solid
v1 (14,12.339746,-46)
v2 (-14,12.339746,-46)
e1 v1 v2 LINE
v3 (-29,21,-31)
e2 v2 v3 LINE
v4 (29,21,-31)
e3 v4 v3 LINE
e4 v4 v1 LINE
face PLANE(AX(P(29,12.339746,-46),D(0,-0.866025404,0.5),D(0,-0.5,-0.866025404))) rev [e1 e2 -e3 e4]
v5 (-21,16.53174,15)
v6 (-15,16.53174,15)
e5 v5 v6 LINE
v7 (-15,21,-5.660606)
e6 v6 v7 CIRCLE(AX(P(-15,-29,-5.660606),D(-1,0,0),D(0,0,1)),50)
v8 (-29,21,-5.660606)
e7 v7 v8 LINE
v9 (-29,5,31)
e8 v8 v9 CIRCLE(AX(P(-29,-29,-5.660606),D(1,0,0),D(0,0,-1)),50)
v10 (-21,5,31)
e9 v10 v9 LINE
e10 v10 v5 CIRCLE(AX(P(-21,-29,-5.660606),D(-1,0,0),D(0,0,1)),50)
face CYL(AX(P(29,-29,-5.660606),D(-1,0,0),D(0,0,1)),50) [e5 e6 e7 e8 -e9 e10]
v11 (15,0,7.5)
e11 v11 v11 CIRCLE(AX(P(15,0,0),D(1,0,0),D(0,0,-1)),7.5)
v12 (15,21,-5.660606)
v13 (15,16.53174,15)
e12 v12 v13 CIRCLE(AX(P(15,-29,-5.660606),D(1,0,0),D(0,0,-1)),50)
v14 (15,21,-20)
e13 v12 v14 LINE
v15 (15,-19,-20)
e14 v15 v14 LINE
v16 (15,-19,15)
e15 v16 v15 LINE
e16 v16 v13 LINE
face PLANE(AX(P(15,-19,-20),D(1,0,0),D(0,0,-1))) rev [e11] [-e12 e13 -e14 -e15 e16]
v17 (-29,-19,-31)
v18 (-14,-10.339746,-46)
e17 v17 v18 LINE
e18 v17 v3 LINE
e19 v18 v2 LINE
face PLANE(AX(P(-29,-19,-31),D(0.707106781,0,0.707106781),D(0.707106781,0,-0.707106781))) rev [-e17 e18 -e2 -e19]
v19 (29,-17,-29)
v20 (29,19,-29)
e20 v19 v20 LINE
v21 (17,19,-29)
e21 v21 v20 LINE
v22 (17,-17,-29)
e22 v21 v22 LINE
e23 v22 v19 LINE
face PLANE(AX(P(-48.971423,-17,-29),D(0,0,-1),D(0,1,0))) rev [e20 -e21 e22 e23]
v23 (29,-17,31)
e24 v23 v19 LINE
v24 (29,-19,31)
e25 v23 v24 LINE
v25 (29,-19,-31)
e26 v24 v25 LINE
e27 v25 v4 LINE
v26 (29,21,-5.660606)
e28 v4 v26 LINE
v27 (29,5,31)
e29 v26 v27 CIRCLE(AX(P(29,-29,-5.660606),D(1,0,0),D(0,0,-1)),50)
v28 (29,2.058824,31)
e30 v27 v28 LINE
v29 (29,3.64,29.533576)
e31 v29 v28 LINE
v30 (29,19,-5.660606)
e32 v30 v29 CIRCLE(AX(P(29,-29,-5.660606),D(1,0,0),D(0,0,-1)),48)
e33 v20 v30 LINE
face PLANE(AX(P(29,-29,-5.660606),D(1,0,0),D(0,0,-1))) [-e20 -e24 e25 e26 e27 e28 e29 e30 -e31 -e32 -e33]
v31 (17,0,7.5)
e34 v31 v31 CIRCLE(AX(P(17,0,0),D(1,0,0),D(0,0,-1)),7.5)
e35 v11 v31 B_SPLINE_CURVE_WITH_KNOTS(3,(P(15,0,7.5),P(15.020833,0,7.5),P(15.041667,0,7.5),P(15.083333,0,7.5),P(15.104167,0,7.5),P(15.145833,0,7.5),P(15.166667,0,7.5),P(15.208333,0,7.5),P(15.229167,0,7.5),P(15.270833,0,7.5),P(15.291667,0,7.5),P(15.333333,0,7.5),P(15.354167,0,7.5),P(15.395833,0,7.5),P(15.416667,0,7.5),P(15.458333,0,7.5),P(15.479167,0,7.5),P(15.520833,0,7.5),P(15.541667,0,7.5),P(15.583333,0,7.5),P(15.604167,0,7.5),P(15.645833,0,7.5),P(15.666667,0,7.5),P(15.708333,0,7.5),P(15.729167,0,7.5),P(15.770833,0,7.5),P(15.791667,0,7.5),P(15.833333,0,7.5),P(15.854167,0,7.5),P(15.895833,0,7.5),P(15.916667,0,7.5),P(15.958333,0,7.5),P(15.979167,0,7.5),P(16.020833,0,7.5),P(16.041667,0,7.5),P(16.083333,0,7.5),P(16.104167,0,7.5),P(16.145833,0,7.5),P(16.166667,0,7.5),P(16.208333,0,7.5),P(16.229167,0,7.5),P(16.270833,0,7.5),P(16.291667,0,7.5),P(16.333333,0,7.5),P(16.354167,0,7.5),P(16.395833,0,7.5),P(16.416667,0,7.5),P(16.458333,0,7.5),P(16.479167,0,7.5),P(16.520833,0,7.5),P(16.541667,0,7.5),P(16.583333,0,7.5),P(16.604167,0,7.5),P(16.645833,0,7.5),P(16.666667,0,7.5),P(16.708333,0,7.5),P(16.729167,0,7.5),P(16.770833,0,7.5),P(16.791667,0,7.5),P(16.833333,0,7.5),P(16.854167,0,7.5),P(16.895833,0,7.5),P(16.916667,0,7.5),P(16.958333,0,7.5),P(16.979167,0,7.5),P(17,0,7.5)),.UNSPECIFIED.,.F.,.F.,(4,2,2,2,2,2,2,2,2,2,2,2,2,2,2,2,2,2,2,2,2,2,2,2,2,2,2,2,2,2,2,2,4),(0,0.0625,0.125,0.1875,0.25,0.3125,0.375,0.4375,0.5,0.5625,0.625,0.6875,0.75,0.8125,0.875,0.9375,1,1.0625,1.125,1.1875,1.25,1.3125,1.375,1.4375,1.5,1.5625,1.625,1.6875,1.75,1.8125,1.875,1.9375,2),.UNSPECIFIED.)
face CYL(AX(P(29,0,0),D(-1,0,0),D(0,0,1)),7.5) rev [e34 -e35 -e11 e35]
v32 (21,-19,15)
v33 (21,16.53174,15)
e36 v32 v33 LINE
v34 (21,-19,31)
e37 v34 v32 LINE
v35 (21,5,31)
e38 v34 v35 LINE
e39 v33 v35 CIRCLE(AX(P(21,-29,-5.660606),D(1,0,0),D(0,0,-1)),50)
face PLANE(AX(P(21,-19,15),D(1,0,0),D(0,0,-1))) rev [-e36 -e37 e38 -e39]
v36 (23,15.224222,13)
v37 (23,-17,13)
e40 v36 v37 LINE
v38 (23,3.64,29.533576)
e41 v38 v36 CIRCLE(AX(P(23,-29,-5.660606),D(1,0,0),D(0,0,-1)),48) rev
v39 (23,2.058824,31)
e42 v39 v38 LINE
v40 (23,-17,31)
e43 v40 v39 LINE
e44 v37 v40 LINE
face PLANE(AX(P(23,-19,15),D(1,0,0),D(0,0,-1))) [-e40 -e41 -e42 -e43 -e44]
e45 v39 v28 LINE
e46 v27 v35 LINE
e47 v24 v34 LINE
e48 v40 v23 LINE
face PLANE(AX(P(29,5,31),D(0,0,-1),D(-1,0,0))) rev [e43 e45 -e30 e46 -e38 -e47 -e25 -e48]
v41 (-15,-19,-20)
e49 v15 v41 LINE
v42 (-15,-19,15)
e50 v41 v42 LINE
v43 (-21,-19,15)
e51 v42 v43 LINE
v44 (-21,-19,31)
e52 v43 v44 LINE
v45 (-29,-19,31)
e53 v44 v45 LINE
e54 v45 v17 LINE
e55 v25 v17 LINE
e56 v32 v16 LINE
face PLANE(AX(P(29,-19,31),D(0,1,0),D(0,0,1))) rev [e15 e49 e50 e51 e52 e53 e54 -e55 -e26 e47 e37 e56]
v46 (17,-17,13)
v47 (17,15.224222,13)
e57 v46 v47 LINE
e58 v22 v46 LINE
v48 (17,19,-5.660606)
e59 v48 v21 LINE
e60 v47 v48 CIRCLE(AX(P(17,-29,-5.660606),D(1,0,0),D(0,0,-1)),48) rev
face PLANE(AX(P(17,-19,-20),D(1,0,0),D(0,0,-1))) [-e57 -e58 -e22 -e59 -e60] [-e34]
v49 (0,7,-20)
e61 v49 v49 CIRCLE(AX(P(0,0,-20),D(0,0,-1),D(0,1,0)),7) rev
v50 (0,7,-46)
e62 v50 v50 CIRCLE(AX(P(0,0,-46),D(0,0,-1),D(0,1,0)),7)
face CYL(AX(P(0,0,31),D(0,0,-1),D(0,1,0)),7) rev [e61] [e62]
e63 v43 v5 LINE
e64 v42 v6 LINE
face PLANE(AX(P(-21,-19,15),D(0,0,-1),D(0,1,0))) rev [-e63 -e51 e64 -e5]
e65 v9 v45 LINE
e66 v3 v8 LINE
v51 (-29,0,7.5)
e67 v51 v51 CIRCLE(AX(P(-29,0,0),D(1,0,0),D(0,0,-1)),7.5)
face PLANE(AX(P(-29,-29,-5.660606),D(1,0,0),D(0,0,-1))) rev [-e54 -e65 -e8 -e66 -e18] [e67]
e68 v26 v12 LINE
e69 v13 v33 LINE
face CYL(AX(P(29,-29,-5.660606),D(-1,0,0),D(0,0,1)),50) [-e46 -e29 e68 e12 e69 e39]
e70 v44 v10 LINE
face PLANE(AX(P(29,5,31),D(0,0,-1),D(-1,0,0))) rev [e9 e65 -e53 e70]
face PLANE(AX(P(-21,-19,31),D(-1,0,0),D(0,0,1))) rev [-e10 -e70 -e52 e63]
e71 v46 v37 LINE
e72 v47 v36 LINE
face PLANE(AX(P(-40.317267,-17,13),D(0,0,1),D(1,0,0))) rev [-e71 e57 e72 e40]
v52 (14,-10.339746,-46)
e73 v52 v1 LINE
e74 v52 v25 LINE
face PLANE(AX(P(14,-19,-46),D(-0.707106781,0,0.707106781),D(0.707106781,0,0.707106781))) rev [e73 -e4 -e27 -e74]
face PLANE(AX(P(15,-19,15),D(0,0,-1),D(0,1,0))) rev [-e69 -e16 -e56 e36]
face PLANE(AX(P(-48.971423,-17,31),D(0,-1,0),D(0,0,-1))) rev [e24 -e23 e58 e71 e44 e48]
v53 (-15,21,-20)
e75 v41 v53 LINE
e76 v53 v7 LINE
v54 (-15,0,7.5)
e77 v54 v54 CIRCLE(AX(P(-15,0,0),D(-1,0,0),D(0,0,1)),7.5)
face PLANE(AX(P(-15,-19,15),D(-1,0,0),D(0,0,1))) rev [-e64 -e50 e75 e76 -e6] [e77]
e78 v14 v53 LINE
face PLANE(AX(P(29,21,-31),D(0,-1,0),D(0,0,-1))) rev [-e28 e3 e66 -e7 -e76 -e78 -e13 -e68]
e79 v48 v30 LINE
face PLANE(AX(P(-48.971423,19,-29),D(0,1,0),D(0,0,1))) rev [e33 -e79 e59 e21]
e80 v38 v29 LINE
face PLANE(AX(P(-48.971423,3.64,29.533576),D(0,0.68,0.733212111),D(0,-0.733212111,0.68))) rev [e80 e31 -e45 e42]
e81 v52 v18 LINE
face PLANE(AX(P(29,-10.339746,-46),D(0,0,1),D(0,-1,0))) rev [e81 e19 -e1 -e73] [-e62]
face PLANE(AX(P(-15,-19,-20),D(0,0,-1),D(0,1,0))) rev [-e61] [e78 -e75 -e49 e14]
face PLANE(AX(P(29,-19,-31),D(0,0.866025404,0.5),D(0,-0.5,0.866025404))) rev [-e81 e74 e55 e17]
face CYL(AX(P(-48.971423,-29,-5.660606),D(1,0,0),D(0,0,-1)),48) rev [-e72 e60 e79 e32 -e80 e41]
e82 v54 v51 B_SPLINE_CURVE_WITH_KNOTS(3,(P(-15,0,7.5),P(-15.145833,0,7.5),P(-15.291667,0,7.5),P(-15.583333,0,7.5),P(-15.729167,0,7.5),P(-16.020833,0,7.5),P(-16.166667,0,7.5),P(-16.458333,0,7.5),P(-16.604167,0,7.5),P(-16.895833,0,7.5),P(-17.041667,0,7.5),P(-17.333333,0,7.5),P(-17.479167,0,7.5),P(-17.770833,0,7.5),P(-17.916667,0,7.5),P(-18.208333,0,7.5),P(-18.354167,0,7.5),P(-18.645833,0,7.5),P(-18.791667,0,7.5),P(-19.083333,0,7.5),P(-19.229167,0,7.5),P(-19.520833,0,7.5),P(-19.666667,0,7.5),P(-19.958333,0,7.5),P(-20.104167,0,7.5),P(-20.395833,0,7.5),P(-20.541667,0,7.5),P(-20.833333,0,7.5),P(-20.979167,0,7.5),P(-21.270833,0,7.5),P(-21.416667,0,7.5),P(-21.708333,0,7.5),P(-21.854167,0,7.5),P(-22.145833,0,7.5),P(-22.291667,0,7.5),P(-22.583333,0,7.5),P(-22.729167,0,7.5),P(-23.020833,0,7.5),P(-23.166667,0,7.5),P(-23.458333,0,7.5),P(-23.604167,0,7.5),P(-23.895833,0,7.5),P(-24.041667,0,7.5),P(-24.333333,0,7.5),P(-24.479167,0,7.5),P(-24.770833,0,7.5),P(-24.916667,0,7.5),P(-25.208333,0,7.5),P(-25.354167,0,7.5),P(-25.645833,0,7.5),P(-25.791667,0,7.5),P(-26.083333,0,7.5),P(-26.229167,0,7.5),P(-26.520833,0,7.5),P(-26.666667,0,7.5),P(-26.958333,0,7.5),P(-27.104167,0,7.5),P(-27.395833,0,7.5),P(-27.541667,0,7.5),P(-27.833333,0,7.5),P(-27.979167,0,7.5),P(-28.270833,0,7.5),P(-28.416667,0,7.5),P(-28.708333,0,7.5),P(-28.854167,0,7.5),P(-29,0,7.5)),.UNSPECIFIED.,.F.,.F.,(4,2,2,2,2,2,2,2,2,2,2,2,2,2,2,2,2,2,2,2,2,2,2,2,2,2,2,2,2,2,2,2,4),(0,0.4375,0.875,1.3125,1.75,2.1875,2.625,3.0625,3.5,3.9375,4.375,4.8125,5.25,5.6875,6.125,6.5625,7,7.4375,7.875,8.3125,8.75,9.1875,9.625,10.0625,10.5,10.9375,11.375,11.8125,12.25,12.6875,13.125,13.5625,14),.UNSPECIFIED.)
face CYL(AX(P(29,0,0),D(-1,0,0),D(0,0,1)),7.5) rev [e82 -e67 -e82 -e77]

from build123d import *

# Parameters (mm, degrees)
SKETCH1_R           = 7.5
BOSS_EXTRUDE1_DEPTH = 29
CUT_EXTRUDE1_DEPTH  = 68.505555327
SKETCH3_R           = 7
CUT_EXTRUDE2_DEPTH  = 85.917607126
CUT_EXTRUDE3_DEPTH  = 68.505555438
CUT_EXTRUDE4_DEPTH  = 6
CUT_EXTRUDE5_DEPTH  = 6


with BuildPart() as part:
    # Sketch1 → Boss-Extrude1 (new, symmetric)
    with BuildSketch(Plane(origin=(0, 0, 0), x_dir=(0, 0, -1), z_dir=(1, 0, 0))):
        with BuildLine():
            Line((-31, 5), (-31, -19))
            Line((-31, -19), (31, -19))
            Line((31, -19), (46, -10.339745962))
            Line((46, -10.339745962), (46, 12.339745962))
            Line((46, 12.339745962), (31, 21))
            Line((31, 21), (5.66060556, 21))
            ThreePointArc((5.66060556, 21), (-14.33939444, 16.82575695), (-31, 5))
        make_face()
        with Locations(Location((0, 0, 0), (0, 0, 180))):
            Circle(SKETCH1_R, mode=Mode.SUBTRACT)
    extrude(amount=BOSS_EXTRUDE1_DEPTH, both=True)

    # Sketch2 → Cut-Extrude1 (cut, through all)
    with BuildSketch(Plane(origin=(0, 21, 0), x_dir=(1, 0, 0), z_dir=(0, 1, 0))):
        Polygon((-29, 31), (-14, 46), (-29, 46), align=None)
        Polygon((29, 31), (29, 46), (14, 46), align=None)
    extrude(amount=-CUT_EXTRUDE1_DEPTH, mode=Mode.SUBTRACT)

    # Sketch3 → Cut-Extrude2 (cut, through all)
    with BuildSketch(Plane(origin=(0, 0, -46), x_dir=(-1, 0, 0), z_dir=(0, 0, -1))):
        with Locations(Location((0, 0, 0), (0, 0, 90))):
            Circle(SKETCH3_R)
    extrude(amount=-CUT_EXTRUDE2_DEPTH, mode=Mode.SUBTRACT)

    # Sketch4 → Cut-Extrude3 (cut, through all)
    with BuildSketch(Plane(origin=(0, 21, 0), x_dir=(1, 0, 0), z_dir=(0, 1, 0))):
        Polygon((-21, -31), (21, -31), (21, -15), (15, -15), (15, 20), (-15, 20), (-15, -15), (-21, -15), align=None)
    extrude(amount=-CUT_EXTRUDE3_DEPTH, mode=Mode.SUBTRACT)

    # Sketch6 → Cut-Extrude4 (cut)
    with BuildSketch(Plane(origin=(29, 0, 0), x_dir=(0, 0, -1), z_dir=(1, 0, 0))):
        with BuildLine():
            Line((-31, 2.058823529), (-31, -17))
            Line((-31, -17), (29, -17))
            Line((29, -17), (29, 19))
            Line((29, 19), (5.66060556, 19))
            ThreePointArc((5.66060556, 19), (-13.53939444, 14.992726672), (-29.533575778, 3.64))
            Line((-29.533575778, 3.64), (-31, 2.058823529))
        make_face()
    extrude(amount=-CUT_EXTRUDE4_DEPTH, mode=Mode.SUBTRACT)

    # Sketch7 → Cut-Extrude5 (cut)
    with BuildSketch(Plane(origin=(23, 0, 0), x_dir=(0, 0, -1), z_dir=(1, 0, 0))):
        with BuildLine():
            Line((-13, -17), (29, -17))
            Line((29, -17), (29, 19))
            Line((29, 19), (5.66060556, 19))
            ThreePointArc((5.66060556, 19), (-3.858778616, 18.046586751), (-13, 15.224221872))
            Line((-13, 15.224221872), (-13, -17))
        make_face()
    extrude(amount=-CUT_EXTRUDE5_DEPTH, mode=Mode.SUBTRACT)


solid = part.part
